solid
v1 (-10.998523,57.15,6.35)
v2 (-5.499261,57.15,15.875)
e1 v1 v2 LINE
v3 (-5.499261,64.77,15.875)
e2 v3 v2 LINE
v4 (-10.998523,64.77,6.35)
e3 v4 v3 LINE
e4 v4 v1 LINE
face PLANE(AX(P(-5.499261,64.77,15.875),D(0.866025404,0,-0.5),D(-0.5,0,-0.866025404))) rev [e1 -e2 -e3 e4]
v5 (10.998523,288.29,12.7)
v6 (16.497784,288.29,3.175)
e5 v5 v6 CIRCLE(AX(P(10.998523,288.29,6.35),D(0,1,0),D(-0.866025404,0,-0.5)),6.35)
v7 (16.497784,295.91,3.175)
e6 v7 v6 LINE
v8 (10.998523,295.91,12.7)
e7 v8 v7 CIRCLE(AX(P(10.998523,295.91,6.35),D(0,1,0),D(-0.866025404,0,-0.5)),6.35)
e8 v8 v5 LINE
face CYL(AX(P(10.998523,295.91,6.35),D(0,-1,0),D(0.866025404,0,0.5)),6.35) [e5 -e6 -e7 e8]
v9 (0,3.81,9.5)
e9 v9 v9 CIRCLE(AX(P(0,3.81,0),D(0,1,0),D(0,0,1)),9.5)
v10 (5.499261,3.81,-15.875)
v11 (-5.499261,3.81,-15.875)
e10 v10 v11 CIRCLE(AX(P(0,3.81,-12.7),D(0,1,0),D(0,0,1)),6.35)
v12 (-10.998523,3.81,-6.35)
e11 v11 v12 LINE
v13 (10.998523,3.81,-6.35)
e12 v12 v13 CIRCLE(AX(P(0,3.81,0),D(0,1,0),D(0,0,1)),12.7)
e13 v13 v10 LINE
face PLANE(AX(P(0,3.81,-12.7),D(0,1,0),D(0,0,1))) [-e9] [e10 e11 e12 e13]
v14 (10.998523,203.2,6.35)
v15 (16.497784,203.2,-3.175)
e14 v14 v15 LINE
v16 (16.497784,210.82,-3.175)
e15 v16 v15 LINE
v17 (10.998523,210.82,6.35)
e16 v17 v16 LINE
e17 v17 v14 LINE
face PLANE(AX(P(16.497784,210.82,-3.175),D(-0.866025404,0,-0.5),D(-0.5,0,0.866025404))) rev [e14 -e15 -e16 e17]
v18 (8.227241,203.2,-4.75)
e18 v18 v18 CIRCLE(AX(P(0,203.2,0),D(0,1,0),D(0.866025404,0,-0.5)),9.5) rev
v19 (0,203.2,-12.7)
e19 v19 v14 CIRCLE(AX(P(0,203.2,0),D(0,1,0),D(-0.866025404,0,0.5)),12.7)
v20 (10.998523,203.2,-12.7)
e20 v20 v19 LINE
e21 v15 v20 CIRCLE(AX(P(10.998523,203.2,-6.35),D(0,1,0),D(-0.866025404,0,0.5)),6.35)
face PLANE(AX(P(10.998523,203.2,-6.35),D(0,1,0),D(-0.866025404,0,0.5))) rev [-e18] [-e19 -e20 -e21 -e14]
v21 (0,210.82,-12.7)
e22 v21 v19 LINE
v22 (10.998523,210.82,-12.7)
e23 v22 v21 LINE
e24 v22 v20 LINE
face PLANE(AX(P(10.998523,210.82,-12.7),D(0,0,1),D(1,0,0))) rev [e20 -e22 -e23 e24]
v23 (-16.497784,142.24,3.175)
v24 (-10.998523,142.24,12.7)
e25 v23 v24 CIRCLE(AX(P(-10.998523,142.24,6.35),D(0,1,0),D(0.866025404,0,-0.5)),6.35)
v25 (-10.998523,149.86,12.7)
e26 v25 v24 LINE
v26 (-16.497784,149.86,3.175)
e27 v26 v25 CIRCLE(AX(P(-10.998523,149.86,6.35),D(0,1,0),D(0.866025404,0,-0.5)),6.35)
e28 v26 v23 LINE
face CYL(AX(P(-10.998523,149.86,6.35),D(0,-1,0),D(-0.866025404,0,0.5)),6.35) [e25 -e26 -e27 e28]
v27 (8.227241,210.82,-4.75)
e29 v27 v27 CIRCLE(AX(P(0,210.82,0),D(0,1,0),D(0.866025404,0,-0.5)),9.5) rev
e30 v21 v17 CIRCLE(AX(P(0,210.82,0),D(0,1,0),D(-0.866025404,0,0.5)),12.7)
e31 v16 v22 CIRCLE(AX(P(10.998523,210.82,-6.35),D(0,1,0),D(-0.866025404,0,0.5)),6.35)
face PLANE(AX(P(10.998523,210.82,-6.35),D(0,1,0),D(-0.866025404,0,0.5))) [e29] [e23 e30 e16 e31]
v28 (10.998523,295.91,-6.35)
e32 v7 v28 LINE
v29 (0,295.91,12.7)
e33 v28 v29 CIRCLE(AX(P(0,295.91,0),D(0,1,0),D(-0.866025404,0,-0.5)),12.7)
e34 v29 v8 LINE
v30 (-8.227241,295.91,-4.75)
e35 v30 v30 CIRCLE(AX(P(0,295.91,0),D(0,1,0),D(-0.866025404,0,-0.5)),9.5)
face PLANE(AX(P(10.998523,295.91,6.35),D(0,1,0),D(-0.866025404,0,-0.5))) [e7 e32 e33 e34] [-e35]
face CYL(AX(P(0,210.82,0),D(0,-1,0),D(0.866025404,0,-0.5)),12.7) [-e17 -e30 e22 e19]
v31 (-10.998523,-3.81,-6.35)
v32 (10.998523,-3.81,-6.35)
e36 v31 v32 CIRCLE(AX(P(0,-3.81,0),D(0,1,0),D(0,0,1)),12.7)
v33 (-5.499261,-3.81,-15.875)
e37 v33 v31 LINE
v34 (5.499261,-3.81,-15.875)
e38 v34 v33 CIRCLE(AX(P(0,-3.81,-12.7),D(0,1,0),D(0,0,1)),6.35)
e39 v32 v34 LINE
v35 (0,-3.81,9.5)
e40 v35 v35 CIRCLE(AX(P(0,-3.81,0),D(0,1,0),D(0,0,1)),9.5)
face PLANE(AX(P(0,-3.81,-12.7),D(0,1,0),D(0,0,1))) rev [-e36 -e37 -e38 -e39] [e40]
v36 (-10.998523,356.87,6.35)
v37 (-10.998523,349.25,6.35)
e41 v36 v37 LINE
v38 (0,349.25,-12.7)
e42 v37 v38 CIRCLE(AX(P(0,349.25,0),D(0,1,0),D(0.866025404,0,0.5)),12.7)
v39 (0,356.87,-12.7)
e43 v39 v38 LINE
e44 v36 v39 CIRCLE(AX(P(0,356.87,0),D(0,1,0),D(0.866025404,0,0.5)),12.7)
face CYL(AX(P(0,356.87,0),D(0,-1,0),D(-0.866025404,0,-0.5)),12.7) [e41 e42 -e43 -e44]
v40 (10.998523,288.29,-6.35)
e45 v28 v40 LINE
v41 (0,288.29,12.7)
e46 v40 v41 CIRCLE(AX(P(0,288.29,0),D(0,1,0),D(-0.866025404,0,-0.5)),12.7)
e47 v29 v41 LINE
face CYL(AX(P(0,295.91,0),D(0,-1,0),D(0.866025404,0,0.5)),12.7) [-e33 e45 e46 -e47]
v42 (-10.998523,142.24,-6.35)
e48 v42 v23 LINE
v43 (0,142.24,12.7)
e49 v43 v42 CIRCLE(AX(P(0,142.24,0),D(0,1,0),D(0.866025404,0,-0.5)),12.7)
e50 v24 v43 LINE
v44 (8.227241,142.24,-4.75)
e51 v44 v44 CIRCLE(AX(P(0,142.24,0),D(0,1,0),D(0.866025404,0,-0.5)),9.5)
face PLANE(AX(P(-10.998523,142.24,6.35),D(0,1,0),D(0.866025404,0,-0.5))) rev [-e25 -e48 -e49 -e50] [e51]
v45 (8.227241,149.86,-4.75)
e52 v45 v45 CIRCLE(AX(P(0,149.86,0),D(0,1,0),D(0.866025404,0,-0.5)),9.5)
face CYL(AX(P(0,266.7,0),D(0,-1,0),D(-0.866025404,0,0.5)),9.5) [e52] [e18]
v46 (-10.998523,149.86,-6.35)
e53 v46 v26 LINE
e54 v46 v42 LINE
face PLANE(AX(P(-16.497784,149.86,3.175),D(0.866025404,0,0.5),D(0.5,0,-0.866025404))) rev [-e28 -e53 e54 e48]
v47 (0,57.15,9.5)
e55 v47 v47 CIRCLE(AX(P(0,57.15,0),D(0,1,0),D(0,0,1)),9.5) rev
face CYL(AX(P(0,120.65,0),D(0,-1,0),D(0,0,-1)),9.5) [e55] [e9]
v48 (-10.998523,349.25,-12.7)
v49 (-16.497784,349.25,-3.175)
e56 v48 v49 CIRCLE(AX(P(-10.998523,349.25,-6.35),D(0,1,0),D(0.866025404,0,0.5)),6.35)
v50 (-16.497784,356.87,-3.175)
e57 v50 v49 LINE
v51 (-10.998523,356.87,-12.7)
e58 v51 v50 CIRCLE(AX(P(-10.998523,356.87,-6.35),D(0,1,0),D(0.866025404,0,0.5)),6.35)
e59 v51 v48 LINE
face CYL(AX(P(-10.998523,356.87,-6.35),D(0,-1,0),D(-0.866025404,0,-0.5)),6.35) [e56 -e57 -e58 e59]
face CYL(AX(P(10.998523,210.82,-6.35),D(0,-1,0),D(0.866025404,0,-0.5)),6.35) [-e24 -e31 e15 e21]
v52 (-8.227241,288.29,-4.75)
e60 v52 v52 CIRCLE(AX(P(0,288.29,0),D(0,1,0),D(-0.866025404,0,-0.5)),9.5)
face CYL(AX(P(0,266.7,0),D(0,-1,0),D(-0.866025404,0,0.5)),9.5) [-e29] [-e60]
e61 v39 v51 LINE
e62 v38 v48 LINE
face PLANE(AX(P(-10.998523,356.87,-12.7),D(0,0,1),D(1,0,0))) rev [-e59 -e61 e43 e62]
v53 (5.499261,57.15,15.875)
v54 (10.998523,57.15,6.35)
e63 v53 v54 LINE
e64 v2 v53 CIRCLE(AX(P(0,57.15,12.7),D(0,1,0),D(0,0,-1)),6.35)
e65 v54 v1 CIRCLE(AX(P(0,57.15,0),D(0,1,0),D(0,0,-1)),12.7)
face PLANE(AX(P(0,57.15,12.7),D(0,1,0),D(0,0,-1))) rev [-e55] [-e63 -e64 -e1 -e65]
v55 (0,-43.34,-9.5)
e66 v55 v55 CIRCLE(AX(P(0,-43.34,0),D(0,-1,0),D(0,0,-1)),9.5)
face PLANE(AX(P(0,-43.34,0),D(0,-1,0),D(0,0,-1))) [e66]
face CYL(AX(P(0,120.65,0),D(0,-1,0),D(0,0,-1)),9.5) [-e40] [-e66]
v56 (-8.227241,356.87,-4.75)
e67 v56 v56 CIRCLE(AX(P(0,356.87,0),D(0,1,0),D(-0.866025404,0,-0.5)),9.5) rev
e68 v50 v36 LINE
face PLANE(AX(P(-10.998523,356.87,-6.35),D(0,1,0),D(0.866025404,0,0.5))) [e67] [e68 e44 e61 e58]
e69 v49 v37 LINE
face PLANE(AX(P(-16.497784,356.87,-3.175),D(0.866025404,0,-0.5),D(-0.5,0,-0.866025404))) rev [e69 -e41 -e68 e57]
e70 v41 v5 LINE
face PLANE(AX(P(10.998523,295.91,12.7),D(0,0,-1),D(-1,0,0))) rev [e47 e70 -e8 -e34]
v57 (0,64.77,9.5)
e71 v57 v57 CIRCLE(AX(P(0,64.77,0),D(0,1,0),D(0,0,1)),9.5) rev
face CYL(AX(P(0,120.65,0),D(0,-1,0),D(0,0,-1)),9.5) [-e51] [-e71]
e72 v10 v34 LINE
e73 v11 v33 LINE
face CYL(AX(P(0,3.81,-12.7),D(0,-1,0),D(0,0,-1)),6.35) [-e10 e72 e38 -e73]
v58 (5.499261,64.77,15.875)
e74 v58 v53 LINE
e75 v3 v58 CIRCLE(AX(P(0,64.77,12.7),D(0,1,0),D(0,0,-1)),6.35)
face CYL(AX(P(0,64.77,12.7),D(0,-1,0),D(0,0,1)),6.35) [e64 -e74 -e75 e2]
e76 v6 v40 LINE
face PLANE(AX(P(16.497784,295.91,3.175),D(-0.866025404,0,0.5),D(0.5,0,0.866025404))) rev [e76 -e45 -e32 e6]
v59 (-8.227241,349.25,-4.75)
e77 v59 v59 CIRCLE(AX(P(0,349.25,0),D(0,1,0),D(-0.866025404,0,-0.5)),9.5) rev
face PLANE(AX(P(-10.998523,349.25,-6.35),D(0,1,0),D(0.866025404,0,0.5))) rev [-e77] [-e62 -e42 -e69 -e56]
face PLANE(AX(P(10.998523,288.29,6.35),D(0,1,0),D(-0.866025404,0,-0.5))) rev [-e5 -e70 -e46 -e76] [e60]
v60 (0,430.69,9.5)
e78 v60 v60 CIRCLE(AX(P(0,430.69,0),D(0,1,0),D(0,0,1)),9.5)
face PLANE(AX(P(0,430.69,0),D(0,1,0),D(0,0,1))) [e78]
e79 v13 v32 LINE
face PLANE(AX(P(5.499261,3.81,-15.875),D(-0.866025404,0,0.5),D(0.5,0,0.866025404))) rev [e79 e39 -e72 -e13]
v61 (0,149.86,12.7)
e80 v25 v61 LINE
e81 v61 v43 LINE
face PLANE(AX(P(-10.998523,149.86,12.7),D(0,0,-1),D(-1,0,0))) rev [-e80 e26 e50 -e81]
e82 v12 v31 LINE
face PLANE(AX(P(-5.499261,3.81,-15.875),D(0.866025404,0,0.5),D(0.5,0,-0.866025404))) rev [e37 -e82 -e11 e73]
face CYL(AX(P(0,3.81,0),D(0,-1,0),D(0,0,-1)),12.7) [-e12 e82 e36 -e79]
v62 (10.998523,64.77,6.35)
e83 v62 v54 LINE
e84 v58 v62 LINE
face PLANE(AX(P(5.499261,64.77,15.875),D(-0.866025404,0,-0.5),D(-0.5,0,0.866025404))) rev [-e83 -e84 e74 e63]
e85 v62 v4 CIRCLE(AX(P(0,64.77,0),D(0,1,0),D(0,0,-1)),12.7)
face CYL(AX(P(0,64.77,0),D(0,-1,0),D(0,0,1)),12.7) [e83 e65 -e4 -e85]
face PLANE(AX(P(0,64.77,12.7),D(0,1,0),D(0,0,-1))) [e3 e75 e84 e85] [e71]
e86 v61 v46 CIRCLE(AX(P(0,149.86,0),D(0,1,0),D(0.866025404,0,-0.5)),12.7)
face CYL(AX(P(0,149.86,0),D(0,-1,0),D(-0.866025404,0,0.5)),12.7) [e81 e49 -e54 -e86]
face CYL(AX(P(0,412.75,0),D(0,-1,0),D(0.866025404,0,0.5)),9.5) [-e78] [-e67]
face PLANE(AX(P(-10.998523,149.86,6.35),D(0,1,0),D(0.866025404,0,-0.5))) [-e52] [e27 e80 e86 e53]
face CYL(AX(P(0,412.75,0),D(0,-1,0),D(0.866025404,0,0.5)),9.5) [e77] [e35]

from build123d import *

# Parameters (mm, degrees)
BOSS_EXTRUDE1_DEPTH   = 3.81
BODY_MOVE_COPY2_ANGLE = 180
BOSS_EXTRUDE2_START   = -25.4
SKETCH2_R             = 9.5
BOSS_EXTRUDE2_DEPTH   = 146.05
LPATTERN1_COUNT       = 3
LPATTERN1_PITCH       = 146.05
BODY_MOVE_COPY3_ANGLE = 120
BODY_MOVE_COPY4_ANGLE = 120
BOSS_EXTRUDE3_START   = 17.94
SKETCH3_R             = 9.5
BOSS_EXTRUDE3_DEPTH   = 17.94
SKETCH4_R             = 9.5
BOSS_EXTRUDE4_DEPTH   = 17.94


with BuildPart() as part:
    # Sketch1 → Boss-Extrude1 (new, symmetric)
    with BuildSketch(Plane(origin=(0, 0, 0), x_dir=(1, 0, 0), z_dir=(0, 1, 0))):
        with BuildLine():
            Line((-5.499261314, 15.875), (-10.998522628, 6.35))
            ThreePointArc((-10.998522628, 6.35), (0, -12.7), (10.998522628, 6.35))
            Line((10.998522628, 6.35), (5.499261314, 15.875))
            ThreePointArc((5.499261314, 15.875), (0, 19.05), (-5.499261314, 15.875))
        make_face()
    extrude(amount=BOSS_EXTRUDE1_DEPTH, both=True)


with BuildPart() as body_2:
    # Body-Move/Copy1: copy of part
    add(part.part.moved(Location((0, 60.96, 0))))


with BuildPart() as body_2_1:
    # Body-Move/Copy2: moved
    add(body_2.part.rotate(Axis((0, 0, 0), (0, 1, 0)), BODY_MOVE_COPY2_ANGLE))


with BuildPart() as part_1:
    add(part.part)

    add(body_2_1.part)  # Boss-Extrude2 merges body 2
    # Sketch2 → Boss-Extrude2 (add)
    with BuildSketch(Plane(origin=(0, 0, 0), x_dir=(1, 0, 0), z_dir=(0, 1, 0)).offset(BOSS_EXTRUDE2_START)):
        Circle(SKETCH2_R)
    extrude(amount=BOSS_EXTRUDE2_DEPTH)


with BuildPart() as lpattern1_1:
    # LPattern1: pattern copy
    add(part_1.part.moved(Location(Vector(0, 1, 0) * (1 * LPATTERN1_PITCH))))


with BuildPart() as lpattern1_2:
    # LPattern1: pattern copy
    add(part_1.part.moved(Location(Vector(0, 1, 0) * (2 * LPATTERN1_PITCH))))


with BuildPart() as lpattern1_1_1:
    # Body-Move/Copy3: moved
    add(lpattern1_1.part.rotate(Axis((0, 0, 0), (0, 1, 0)), BODY_MOVE_COPY3_ANGLE))


with BuildPart() as lpattern1_2_1:
    # Body-Move/Copy4: moved
    add(lpattern1_2.part.rotate(Axis((0, 0, 0), (0, -1, 0)), BODY_MOVE_COPY4_ANGLE))


with BuildPart() as part_2:
    add(part_1.part)

    # Sketch3 → Boss-Extrude3 (add)
    with BuildSketch(Plane.XZ.offset(25.4).offset(BOSS_EXTRUDE3_START)):
        Circle(SKETCH3_R)
    extrude(amount=-BOSS_EXTRUDE3_DEPTH)

    # Combine1: union LPattern1_1, LPattern1_2
    add(lpattern1_1_1.part)
    add(lpattern1_2_1.part)

    # Sketch4 → Boss-Extrude4 (add)
    with BuildSketch(Plane(origin=(0, 412.75, 0), x_dir=(1, 0, 0), z_dir=(0, 1, 0))):
        Circle(SKETCH4_R)
    extrude(amount=BOSS_EXTRUDE4_DEPTH)


solid = part_2.part
